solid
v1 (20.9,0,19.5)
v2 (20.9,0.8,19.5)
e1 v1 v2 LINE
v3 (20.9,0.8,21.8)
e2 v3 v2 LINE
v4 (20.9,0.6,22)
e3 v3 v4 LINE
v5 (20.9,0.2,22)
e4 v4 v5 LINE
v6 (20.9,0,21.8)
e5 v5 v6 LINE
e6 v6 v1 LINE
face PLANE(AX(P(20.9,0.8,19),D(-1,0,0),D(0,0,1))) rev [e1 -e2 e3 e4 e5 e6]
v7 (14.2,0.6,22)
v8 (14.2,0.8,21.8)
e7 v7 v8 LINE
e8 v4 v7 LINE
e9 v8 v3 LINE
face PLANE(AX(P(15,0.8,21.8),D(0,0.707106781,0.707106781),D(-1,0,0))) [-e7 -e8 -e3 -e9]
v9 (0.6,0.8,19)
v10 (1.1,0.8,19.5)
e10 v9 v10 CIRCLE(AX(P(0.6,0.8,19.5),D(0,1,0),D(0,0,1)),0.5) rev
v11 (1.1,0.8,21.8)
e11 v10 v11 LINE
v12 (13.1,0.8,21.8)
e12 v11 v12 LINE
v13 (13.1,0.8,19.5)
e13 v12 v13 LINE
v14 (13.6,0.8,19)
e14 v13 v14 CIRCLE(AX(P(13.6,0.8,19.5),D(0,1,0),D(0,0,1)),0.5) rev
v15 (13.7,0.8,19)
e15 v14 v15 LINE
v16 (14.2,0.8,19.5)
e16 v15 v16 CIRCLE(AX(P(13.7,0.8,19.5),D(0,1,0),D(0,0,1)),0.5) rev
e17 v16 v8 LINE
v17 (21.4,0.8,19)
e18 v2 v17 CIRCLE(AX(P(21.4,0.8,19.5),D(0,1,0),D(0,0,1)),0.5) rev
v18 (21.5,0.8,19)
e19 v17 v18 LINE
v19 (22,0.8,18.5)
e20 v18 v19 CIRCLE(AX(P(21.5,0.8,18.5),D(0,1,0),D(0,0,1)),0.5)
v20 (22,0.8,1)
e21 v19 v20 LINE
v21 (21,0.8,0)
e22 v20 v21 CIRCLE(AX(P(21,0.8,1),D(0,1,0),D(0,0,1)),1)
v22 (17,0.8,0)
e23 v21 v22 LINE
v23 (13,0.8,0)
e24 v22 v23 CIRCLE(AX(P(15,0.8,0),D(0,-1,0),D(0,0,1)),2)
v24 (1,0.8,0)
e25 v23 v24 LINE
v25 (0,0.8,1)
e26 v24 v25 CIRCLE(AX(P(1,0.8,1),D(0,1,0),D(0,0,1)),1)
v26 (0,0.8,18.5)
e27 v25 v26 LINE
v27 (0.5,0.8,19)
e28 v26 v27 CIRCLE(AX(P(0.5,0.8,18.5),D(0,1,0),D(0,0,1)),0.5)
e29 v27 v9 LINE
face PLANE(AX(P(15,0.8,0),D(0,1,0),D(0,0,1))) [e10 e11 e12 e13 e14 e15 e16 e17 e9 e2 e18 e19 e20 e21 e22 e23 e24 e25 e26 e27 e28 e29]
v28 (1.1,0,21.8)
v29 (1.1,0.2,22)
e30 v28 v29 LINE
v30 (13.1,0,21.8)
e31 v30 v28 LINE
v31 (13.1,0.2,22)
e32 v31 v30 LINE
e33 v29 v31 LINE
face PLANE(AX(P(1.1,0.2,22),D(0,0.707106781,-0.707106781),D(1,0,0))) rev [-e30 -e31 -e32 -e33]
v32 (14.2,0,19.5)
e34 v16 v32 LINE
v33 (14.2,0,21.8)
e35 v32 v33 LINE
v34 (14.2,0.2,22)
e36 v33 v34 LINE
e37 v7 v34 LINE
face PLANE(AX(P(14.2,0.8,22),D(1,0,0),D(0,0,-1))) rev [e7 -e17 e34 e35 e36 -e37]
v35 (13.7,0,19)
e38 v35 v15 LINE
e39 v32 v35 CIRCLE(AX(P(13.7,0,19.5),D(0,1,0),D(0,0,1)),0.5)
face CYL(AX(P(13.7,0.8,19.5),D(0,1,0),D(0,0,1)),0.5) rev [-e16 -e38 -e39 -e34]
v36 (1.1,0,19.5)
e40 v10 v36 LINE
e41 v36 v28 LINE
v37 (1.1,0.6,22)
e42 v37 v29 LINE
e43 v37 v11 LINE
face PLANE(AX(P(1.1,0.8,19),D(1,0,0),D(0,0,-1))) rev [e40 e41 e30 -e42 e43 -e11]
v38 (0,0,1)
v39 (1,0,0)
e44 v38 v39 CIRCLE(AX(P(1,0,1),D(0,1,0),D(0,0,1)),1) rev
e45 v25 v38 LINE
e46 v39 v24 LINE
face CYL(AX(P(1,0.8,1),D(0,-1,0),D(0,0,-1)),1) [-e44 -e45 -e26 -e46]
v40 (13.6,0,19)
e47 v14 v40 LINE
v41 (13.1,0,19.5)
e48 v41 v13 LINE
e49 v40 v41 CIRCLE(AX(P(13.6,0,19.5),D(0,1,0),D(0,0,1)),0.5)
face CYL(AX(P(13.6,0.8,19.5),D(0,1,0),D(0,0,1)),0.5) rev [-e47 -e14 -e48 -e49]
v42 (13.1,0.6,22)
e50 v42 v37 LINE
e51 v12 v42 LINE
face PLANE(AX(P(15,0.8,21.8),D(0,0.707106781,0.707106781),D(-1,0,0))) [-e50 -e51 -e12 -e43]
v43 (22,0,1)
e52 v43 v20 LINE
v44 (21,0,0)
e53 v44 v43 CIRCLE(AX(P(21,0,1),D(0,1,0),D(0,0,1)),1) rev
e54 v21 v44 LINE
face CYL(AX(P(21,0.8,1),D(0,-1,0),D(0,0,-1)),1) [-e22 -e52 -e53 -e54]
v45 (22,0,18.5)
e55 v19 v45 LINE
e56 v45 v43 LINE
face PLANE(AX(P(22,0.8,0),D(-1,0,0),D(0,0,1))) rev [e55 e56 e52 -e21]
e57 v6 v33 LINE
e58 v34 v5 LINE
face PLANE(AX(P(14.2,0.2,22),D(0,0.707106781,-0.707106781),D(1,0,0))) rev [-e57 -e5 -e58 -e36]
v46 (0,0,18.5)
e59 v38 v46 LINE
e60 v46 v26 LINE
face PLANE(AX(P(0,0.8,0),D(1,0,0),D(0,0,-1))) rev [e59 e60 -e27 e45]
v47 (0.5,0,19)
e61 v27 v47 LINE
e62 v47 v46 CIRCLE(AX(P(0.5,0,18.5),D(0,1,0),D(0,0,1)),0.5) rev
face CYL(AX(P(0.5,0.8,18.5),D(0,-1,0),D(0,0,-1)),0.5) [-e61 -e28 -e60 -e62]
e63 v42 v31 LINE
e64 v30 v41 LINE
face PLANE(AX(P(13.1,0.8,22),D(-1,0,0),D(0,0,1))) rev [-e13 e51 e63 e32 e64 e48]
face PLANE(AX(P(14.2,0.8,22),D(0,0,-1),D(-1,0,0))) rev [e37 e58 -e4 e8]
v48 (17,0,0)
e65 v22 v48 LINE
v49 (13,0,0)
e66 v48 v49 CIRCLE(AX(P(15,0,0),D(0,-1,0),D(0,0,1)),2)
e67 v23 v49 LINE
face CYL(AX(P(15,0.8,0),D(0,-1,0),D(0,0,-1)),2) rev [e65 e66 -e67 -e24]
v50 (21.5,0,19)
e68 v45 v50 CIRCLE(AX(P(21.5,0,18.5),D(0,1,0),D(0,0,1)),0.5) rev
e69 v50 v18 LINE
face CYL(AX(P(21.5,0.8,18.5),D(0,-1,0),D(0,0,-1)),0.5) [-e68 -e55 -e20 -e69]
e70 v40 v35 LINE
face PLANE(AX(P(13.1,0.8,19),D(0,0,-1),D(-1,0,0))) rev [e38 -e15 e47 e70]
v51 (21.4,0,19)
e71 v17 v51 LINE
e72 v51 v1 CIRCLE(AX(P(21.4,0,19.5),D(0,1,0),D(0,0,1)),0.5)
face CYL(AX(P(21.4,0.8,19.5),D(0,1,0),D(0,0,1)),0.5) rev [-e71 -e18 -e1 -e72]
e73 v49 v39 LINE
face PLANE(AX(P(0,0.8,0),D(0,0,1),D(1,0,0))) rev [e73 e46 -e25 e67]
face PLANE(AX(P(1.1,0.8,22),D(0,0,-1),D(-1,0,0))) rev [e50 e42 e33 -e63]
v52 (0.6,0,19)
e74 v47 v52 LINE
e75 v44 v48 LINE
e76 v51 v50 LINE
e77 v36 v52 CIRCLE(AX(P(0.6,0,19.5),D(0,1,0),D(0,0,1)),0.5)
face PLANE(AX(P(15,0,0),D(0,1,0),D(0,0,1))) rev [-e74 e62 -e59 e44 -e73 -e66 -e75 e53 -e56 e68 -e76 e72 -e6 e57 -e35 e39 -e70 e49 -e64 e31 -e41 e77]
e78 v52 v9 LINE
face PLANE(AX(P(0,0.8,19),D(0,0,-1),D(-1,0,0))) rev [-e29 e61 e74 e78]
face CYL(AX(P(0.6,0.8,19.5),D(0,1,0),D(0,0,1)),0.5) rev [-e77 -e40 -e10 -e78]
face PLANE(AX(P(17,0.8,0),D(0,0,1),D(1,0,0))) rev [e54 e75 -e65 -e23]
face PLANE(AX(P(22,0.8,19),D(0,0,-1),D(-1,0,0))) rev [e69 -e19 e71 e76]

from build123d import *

# Parameters (mm, degrees)
BOSS_EXTRUDE1_DEPTH = 0.8
FILLET1_R           = 1
FILLET2_R           = 0.5
CHAMFER1_SIZE       = 0.2


with BuildPart() as part:
    # Sketch1 → Boss-Extrude1 (new body)
    with BuildSketch(Plane(origin=(0, 0, 0), x_dir=(1, 0, 0), z_dir=(0, 1, 0))):
        with BuildLine():
            Line((14.2, -22), (20.9, -22))
            Line((20.9, -22), (20.9, -19))
            Line((20.9, -19), (22, -19))
            Line((22, -19), (22, 0))
            Line((22, 0), (17, 0))
            ThreePointArc((17, 0), (15, -2), (13, 0))
            Line((13, 0), (0, 0))
            Line((0, 0), (0, -19))
            Line((0, -19), (1.1, -19))
            Line((1.1, -19), (1.1, -22))
            Line((1.1, -22), (13.1, -22))
            Line((13.1, -22), (13.1, -19))
            Line((13.1, -19), (14.2, -19))
            Line((14.2, -19), (14.2, -22))
        make_face()
    extrude(amount=BOSS_EXTRUDE1_DEPTH)

    # Fillet1
    fillet1_edges = [part.edges().sort_by_distance(p)[0] for p in [
        (0, 0.4, 0),
        (22, 0.4, 0),
    ]]
    fillet(fillet1_edges, radius=FILLET1_R)

    # Fillet2
    fillet2_edges = [part.edges().sort_by_distance(p)[0] for p in [
        (22, 0.4, 19),
        (20.9, 0.4, 19),
        (14.2, 0.4, 19),
        (13.1, 0.4, 19),
        (1.1, 0.4, 19),
        (0, 0.4, 19),
    ]]
    fillet(fillet2_edges, radius=FILLET2_R)

    # Chamfer1
    chamfer1_edges = [part.edges().sort_by_distance(p)[0] for p in [
        (17.55, 0, 22),
        (7.1, 0.8, 22),
        (7.1, 0, 22),
        (17.55, 0.8, 22),
    ]]
    chamfer(chamfer1_edges, length=CHAMFER1_SIZE)


solid = part.part
